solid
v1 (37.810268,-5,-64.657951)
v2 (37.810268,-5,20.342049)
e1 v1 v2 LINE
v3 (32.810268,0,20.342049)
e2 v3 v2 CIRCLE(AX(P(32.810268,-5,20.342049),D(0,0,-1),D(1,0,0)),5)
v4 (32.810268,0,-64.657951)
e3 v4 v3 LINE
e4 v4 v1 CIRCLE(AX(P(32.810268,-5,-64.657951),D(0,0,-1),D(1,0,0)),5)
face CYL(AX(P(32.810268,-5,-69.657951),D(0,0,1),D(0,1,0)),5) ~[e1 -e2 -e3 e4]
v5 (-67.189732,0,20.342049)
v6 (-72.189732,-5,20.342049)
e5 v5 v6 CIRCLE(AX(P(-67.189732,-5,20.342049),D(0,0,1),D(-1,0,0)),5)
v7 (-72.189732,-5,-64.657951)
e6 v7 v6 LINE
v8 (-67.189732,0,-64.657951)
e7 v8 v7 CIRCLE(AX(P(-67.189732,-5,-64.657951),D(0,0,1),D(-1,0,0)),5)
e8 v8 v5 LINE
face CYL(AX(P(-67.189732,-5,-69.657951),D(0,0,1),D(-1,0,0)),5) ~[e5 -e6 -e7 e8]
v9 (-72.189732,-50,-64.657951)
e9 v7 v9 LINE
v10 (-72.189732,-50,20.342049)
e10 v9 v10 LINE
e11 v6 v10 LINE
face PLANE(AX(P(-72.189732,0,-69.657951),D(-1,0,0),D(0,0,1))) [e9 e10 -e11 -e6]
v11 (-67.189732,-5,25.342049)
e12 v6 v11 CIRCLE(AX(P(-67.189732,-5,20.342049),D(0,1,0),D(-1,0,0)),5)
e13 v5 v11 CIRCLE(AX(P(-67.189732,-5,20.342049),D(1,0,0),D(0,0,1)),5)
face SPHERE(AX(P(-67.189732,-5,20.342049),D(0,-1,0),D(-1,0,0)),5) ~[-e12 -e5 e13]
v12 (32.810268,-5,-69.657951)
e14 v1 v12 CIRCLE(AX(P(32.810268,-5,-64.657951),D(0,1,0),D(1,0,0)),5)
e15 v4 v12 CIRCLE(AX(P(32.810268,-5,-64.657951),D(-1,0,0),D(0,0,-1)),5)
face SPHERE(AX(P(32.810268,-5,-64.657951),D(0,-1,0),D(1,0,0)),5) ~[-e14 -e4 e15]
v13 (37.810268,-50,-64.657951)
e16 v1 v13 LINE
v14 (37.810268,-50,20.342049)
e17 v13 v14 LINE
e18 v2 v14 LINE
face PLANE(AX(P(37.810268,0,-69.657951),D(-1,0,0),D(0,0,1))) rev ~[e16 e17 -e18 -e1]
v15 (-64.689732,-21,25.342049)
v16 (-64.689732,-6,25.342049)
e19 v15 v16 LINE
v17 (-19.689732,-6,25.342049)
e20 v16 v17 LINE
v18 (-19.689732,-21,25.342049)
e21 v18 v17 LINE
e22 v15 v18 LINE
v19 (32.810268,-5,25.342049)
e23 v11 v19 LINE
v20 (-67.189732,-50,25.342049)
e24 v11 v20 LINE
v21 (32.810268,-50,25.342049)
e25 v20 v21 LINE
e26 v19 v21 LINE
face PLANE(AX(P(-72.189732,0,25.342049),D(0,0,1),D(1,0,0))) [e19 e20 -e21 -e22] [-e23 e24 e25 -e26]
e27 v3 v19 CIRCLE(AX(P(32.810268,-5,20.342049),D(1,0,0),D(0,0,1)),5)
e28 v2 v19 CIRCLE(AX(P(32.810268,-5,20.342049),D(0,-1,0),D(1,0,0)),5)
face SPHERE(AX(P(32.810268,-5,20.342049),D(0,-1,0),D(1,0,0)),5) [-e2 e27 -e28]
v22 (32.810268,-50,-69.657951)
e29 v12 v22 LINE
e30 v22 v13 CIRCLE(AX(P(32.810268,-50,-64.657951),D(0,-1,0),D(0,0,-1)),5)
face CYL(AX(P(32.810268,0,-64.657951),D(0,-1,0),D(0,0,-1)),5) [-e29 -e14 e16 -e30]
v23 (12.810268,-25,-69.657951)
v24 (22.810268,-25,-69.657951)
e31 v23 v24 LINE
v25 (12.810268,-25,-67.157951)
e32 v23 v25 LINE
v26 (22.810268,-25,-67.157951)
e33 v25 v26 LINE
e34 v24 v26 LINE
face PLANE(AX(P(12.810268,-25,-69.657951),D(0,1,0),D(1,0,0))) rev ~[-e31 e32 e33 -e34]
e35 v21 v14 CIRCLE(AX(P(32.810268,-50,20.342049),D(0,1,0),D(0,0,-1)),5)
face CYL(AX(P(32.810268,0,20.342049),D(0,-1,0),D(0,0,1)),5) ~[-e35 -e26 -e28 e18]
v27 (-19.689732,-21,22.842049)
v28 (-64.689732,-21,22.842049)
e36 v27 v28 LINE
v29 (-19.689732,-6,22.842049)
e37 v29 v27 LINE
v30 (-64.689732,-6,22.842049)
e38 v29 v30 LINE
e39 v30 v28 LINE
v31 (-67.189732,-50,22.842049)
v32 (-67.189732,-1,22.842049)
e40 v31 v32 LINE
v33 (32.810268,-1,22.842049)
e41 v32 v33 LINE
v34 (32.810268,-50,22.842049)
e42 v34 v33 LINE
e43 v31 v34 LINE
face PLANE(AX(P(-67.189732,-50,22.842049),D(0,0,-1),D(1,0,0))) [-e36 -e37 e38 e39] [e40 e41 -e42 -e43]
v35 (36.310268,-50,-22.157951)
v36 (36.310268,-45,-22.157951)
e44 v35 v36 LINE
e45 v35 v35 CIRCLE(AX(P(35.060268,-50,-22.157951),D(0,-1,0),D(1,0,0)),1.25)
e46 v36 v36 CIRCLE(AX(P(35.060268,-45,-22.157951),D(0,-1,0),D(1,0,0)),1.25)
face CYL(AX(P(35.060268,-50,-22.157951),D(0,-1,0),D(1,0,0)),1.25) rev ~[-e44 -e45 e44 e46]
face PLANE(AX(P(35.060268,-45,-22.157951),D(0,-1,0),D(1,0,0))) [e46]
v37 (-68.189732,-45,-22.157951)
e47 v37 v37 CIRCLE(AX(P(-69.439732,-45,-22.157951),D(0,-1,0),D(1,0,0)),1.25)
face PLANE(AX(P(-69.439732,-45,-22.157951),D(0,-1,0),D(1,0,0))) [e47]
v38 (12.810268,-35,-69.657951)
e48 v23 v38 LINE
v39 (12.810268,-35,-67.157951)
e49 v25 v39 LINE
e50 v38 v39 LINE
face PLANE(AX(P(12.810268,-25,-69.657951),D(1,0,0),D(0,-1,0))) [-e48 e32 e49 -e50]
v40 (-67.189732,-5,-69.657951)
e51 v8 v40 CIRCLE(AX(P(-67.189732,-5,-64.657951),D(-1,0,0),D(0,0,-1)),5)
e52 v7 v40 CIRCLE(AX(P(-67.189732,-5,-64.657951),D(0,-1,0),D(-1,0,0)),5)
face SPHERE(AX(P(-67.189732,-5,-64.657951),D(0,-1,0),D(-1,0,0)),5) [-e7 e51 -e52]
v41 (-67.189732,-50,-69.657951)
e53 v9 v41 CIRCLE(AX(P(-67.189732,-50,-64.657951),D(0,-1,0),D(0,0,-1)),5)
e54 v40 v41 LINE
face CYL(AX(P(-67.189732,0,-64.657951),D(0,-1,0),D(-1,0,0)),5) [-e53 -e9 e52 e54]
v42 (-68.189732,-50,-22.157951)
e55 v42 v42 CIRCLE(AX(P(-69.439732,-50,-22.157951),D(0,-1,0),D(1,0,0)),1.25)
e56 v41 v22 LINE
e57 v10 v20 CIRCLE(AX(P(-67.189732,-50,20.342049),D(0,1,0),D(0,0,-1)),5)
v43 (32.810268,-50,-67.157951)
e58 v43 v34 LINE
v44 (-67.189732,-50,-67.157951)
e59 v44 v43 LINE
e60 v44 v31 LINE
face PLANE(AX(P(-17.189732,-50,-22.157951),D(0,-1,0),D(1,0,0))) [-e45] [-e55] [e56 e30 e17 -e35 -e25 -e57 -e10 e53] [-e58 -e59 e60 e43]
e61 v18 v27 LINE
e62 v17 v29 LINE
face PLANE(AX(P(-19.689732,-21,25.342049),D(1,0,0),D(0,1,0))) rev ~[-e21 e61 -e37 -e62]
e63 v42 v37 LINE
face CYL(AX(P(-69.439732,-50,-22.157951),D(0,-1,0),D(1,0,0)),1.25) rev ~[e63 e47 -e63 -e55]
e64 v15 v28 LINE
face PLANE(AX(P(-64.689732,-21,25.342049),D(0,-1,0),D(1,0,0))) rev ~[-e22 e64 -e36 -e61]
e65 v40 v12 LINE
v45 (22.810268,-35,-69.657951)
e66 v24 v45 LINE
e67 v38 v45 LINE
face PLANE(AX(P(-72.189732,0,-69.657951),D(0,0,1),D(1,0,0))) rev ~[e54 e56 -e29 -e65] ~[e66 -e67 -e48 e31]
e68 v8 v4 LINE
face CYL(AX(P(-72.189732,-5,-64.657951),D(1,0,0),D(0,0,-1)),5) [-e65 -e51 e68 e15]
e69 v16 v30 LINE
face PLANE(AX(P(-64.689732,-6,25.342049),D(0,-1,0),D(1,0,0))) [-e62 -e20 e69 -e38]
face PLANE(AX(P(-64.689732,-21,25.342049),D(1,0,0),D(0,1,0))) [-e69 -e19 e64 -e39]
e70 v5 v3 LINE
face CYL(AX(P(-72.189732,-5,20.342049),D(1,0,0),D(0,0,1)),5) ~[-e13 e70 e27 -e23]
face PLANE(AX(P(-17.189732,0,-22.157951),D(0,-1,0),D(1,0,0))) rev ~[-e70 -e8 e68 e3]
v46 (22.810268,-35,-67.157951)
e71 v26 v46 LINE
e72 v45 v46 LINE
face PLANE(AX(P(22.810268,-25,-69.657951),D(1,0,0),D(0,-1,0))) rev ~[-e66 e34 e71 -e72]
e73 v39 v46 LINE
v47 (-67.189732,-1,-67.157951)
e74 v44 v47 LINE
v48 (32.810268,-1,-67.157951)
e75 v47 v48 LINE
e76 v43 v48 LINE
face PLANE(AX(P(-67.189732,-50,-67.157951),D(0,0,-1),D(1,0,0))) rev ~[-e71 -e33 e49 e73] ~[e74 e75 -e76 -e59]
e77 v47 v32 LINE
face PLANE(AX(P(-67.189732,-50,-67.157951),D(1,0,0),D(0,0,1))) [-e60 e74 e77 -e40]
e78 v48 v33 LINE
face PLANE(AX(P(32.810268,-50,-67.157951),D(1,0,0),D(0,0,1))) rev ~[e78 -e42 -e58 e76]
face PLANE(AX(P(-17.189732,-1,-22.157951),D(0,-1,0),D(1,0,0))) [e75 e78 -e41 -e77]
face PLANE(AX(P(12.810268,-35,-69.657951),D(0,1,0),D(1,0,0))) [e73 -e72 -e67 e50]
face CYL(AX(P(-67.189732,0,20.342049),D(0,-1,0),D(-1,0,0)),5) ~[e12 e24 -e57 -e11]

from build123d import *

# Parameters (mm, degrees)
F0_W      = 110
F0_H      = 95
F1_DEPTH  = 50
F2_W      = 100
F2_H      = 90
F3_DEPTH  = 49
F4_R      = 1.25
F5_DEPTH  = 5
F6_R      = 5
F7_W      = 45
F7_H      = 15
F8_DEPTH  = 25
F9_W      = 10
F9_H      = 10
F10_DEPTH = 5


with BuildPart() as f1:
    # F0 (on Front) → F1 (new body)
    with BuildSketch(Plane.XZ):
        with Locations((-17.189732, -22.157951)):
            Rectangle(F0_W, F0_H)
    extrude(amount=F1_DEPTH)

    # F2 (on face) → F3 (cut)
    with BuildSketch(Plane.XZ.offset(50)):
        with Locations((-17.189732, -22.157951)):
            Rectangle(F2_W, F2_H)
    extrude(amount=-F3_DEPTH, mode=Mode.SUBTRACT)

    # F4 (on face) → F5 (cut)
    with BuildSketch(Plane.XZ.offset(50)):
        with Locations((-69.439732, -22.157951)):
            Circle(F4_R)
        with Locations((35.060268, -22.157951)):
            Circle(F4_R)
    extrude(amount=-F5_DEPTH, mode=Mode.SUBTRACT)

    # F6
    f6_edges = [f1.edges().sort_by_distance(p)[0] for p in [
        (-72.189732, -25, -69.657951),
        (-72.189732, -25, 25.342049),
        (37.810268, -25, -69.657951),
        (37.810268, -25, 25.342049),
        (37.810268, 0, -22.157951),
        (-72.189732, 0, -22.157951),
        (-17.189732, 0, -69.657951),
        (-17.189732, 0, 25.342049),
    ]]
    fillet(f6_edges, radius=F6_R)

    # F7 (on face) → F8 (cut)
    with BuildSketch(Plane.XY.offset(25.342049)):
        with Locations((-42.189732, -13.5)):
            Rectangle(F7_W, F7_H)
    extrude(amount=-F8_DEPTH, mode=Mode.SUBTRACT)

    # F9 (on face) → F10 (cut)
    with BuildSketch(Plane(origin=(0, 0, -69.657951), x_dir=(1, 0, 0), z_dir=(0, 0, -1))):
        with Locations((17.810268, 30)):
            Rectangle(F9_W, F9_H)
    extrude(amount=-F10_DEPTH, mode=Mode.SUBTRACT)


solid = f1.part
